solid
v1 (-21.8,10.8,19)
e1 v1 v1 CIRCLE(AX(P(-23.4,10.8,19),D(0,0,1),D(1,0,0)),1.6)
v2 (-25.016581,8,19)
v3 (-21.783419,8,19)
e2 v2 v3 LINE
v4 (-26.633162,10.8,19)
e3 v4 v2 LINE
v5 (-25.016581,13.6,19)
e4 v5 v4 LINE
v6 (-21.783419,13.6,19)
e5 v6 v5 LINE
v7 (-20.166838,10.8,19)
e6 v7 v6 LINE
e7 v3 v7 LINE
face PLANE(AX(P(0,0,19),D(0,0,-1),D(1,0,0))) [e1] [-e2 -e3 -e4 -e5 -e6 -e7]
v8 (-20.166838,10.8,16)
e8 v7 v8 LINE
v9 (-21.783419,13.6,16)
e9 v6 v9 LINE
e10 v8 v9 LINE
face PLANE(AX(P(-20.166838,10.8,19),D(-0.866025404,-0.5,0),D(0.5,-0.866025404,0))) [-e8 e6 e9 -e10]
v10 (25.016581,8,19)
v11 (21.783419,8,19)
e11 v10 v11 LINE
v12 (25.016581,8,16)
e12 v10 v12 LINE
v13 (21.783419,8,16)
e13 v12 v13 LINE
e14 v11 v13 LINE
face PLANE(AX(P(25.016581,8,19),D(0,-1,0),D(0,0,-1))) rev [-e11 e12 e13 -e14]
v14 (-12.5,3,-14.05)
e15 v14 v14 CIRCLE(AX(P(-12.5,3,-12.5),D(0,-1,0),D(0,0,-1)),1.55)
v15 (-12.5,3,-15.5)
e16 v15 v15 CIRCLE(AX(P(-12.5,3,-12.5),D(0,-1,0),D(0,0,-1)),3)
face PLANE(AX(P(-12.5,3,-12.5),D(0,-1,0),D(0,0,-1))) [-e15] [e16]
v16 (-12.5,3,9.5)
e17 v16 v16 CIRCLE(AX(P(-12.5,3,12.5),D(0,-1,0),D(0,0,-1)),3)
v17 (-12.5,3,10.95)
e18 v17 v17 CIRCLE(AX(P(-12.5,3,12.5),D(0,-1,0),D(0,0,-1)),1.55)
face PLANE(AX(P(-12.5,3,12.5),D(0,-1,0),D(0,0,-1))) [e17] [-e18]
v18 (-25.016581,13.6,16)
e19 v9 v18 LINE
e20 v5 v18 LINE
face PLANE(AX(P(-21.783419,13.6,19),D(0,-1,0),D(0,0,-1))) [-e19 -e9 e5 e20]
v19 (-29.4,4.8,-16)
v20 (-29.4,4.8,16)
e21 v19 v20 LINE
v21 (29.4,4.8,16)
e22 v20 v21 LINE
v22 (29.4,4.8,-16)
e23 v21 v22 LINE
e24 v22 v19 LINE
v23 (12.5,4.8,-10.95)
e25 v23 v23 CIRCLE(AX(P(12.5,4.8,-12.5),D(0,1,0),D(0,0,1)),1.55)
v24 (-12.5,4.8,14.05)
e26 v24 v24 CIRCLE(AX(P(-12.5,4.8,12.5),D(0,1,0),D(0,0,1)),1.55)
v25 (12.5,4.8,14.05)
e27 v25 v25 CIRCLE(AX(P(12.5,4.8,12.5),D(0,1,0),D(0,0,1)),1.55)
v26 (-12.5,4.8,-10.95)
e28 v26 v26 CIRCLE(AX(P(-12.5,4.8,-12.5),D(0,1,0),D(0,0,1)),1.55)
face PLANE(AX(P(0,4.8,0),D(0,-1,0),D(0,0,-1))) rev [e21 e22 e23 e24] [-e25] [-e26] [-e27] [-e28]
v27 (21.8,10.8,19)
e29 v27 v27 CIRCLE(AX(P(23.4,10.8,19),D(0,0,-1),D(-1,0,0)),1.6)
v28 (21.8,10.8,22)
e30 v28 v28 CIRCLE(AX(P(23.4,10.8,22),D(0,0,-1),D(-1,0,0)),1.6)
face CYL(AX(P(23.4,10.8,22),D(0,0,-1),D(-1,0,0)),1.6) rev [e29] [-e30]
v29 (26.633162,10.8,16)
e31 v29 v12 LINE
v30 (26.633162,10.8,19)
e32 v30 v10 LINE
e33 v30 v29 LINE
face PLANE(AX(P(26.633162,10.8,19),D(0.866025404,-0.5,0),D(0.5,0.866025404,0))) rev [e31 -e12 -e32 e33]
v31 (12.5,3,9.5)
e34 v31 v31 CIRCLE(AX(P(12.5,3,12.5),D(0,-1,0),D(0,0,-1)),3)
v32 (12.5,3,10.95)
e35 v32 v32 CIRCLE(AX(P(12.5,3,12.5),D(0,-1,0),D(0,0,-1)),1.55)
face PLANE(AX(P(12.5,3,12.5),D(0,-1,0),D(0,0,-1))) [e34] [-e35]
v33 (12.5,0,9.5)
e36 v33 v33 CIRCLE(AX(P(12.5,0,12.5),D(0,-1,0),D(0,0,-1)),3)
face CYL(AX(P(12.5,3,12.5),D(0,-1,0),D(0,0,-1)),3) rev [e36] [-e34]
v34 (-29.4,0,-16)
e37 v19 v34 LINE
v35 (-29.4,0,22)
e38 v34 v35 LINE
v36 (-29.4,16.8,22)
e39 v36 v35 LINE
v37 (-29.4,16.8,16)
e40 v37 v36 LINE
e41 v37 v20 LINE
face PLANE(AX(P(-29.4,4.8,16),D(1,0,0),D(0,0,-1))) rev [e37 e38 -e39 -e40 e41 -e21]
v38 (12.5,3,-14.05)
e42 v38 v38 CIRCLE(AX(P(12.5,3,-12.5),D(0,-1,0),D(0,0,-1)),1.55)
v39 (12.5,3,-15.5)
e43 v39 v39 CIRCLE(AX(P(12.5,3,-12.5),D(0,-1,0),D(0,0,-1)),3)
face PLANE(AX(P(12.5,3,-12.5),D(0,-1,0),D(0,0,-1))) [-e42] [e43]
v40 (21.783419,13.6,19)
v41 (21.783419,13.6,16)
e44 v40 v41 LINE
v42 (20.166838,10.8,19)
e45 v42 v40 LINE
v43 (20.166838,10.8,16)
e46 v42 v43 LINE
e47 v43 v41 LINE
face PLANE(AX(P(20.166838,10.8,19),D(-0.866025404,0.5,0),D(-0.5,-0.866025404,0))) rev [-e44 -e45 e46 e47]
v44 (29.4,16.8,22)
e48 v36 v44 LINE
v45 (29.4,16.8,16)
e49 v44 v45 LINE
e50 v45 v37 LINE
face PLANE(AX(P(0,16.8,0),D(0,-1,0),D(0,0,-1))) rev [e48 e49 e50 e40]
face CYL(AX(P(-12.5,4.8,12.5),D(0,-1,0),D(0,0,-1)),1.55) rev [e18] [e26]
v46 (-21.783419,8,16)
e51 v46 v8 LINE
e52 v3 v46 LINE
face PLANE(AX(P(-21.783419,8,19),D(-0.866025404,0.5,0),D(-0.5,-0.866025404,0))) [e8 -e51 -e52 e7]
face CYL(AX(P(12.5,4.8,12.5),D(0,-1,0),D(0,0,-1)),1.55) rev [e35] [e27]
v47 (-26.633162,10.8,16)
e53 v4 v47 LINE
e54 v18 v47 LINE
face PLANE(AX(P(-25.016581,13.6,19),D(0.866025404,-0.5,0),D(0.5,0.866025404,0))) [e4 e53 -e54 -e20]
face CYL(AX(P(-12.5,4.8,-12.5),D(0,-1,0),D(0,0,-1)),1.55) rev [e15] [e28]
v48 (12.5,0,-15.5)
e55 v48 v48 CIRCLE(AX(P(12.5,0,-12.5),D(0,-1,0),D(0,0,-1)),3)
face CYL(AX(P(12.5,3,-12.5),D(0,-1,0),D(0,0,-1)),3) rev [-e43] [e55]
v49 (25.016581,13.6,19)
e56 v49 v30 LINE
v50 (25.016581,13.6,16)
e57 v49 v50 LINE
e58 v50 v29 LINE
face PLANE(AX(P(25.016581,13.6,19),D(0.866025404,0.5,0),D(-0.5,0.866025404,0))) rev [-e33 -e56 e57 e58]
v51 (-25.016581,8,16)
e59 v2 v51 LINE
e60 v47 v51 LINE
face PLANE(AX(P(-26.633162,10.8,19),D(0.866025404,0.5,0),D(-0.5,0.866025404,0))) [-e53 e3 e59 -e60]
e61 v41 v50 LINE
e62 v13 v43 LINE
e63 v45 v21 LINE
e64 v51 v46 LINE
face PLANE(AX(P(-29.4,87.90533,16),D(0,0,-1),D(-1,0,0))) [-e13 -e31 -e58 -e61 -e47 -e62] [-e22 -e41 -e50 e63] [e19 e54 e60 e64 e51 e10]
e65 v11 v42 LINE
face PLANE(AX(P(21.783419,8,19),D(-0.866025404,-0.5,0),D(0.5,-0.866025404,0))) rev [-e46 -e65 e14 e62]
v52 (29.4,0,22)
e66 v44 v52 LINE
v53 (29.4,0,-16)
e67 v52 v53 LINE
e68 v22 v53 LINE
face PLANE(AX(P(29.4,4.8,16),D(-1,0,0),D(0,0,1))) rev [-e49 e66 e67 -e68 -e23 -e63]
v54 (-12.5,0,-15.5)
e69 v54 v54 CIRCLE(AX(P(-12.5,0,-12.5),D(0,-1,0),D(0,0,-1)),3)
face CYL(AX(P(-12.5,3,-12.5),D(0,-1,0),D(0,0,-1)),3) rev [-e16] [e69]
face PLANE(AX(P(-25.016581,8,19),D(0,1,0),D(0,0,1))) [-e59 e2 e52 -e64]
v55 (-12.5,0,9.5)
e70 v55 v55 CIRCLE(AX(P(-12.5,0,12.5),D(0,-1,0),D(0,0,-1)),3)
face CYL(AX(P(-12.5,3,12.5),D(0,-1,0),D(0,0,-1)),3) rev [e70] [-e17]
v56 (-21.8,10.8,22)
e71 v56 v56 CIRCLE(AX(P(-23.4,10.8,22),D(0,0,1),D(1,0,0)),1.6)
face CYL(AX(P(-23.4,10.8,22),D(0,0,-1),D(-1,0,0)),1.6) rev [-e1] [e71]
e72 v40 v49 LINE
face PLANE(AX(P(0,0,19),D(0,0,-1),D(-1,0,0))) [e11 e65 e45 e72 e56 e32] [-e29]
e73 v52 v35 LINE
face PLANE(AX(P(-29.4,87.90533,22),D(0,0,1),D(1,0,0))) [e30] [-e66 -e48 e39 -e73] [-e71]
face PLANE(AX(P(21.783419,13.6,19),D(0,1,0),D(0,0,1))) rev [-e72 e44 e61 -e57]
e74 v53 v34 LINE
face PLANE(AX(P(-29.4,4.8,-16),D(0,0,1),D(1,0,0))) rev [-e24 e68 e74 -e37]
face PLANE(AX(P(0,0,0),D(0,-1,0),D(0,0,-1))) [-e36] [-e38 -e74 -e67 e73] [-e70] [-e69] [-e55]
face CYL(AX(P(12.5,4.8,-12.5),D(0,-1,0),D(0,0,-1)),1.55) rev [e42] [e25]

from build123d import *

# Parameters (mm, degrees)
SKETCH1_W           = 58.8
SKETCH1_H           = 32
SKETCH1_R           = 1.55
BOSS_EXTRUDE1_DEPTH = 4.8
SKETCH2_R           = 3
CUT_EXTRUDE1_DEPTH  = 3
SKETCH3_W           = 58.8
SKETCH3_H           = 6
BOSS_EXTRUDE2_DEPTH = 16.8
CUT_EXTRUDE2_DEPTH  = 3
SKETCH5_R           = 1.6
CUT_EXTRUDE3_DEPTH  = 49.699075967


with BuildPart() as part:
    # Sketch1 → Boss-Extrude1 (new body)
    with BuildSketch(Plane(origin=(0, 0, 0), x_dir=(1, 0, 0), z_dir=(0, 1, 0))):
        Rectangle(SKETCH1_W, SKETCH1_H)
        with Locations(Location((-12.5, 12.5, 0), (0, 0, 270))):
            Circle(SKETCH1_R, mode=Mode.SUBTRACT)
        with Locations(Location((12.5, 12.5, 0), (0, 0, 270))):
            Circle(SKETCH1_R, mode=Mode.SUBTRACT)
        with Locations(Location((12.5, -12.5, 0), (0, 0, 270))):
            Circle(SKETCH1_R, mode=Mode.SUBTRACT)
        with Locations(Location((-12.5, -12.5, 0), (0, 0, 270))):
            Circle(SKETCH1_R, mode=Mode.SUBTRACT)
    extrude(amount=BOSS_EXTRUDE1_DEPTH)

    # Sketch2 → Cut-Extrude1 (cut)
    with BuildSketch(Plane.XZ):
        with Locations(Location((-12.5, 12.5, 0), (0, 0, 270))):
            Circle(SKETCH2_R)
        with Locations(Location((12.5, 12.5, 0), (0, 0, 270))):
            Circle(SKETCH2_R)
        with Locations(Location((12.5, -12.5, 0), (0, 0, 270))):
            Circle(SKETCH2_R)
        with Locations(Location((-12.5, -12.5, 0), (0, 0, 270))):
            Circle(SKETCH2_R)
    extrude(amount=-CUT_EXTRUDE1_DEPTH, mode=Mode.SUBTRACT)

    # Sketch3 → Boss-Extrude2 (add)
    with BuildSketch(Plane.XZ):
        with Locations((0, 19)):
            Rectangle(SKETCH3_W, SKETCH3_H)
    extrude(amount=-BOSS_EXTRUDE2_DEPTH)

    # Sketch4 → Cut-Extrude2 (cut)
    with BuildSketch(Plane(origin=(0, 0, 16), x_dir=(-1, 0, 0), z_dir=(0, 0, -1))):
        Polygon((-20.166838493, 10.8), (-21.783419246, 13.6), (-25.016580754, 13.6), (-26.633161507, 10.8), (-25.016580754, 8), (-21.783419246, 8), align=None)
    cut_extrude2 = extrude(amount=-CUT_EXTRUDE2_DEPTH, mode=Mode.SUBTRACT)

    # Sketch5 → Cut-Extrude3 (cut, through all)
    with BuildSketch(Plane(origin=(0, 0, 19), x_dir=(-1, 0, 0), z_dir=(0, 0, -1))):
        with Locations((-23.4, 10.8)):
            Circle(SKETCH5_R)
    cut_extrude3 = extrude(amount=-CUT_EXTRUDE3_DEPTH, mode=Mode.SUBTRACT)

    # Mirror1: Cut-Extrude2, Cut-Extrude3 across plane
    add(cut_extrude2.mirror(Plane(origin=(0, 0, 0), x_dir=(0, 0, 1), z_dir=(1, 0, 0))), mode=Mode.SUBTRACT)
    add(cut_extrude3.mirror(Plane(origin=(0, 0, 0), x_dir=(0, 0, 1), z_dir=(1, 0, 0))), mode=Mode.SUBTRACT)


solid = part.part
